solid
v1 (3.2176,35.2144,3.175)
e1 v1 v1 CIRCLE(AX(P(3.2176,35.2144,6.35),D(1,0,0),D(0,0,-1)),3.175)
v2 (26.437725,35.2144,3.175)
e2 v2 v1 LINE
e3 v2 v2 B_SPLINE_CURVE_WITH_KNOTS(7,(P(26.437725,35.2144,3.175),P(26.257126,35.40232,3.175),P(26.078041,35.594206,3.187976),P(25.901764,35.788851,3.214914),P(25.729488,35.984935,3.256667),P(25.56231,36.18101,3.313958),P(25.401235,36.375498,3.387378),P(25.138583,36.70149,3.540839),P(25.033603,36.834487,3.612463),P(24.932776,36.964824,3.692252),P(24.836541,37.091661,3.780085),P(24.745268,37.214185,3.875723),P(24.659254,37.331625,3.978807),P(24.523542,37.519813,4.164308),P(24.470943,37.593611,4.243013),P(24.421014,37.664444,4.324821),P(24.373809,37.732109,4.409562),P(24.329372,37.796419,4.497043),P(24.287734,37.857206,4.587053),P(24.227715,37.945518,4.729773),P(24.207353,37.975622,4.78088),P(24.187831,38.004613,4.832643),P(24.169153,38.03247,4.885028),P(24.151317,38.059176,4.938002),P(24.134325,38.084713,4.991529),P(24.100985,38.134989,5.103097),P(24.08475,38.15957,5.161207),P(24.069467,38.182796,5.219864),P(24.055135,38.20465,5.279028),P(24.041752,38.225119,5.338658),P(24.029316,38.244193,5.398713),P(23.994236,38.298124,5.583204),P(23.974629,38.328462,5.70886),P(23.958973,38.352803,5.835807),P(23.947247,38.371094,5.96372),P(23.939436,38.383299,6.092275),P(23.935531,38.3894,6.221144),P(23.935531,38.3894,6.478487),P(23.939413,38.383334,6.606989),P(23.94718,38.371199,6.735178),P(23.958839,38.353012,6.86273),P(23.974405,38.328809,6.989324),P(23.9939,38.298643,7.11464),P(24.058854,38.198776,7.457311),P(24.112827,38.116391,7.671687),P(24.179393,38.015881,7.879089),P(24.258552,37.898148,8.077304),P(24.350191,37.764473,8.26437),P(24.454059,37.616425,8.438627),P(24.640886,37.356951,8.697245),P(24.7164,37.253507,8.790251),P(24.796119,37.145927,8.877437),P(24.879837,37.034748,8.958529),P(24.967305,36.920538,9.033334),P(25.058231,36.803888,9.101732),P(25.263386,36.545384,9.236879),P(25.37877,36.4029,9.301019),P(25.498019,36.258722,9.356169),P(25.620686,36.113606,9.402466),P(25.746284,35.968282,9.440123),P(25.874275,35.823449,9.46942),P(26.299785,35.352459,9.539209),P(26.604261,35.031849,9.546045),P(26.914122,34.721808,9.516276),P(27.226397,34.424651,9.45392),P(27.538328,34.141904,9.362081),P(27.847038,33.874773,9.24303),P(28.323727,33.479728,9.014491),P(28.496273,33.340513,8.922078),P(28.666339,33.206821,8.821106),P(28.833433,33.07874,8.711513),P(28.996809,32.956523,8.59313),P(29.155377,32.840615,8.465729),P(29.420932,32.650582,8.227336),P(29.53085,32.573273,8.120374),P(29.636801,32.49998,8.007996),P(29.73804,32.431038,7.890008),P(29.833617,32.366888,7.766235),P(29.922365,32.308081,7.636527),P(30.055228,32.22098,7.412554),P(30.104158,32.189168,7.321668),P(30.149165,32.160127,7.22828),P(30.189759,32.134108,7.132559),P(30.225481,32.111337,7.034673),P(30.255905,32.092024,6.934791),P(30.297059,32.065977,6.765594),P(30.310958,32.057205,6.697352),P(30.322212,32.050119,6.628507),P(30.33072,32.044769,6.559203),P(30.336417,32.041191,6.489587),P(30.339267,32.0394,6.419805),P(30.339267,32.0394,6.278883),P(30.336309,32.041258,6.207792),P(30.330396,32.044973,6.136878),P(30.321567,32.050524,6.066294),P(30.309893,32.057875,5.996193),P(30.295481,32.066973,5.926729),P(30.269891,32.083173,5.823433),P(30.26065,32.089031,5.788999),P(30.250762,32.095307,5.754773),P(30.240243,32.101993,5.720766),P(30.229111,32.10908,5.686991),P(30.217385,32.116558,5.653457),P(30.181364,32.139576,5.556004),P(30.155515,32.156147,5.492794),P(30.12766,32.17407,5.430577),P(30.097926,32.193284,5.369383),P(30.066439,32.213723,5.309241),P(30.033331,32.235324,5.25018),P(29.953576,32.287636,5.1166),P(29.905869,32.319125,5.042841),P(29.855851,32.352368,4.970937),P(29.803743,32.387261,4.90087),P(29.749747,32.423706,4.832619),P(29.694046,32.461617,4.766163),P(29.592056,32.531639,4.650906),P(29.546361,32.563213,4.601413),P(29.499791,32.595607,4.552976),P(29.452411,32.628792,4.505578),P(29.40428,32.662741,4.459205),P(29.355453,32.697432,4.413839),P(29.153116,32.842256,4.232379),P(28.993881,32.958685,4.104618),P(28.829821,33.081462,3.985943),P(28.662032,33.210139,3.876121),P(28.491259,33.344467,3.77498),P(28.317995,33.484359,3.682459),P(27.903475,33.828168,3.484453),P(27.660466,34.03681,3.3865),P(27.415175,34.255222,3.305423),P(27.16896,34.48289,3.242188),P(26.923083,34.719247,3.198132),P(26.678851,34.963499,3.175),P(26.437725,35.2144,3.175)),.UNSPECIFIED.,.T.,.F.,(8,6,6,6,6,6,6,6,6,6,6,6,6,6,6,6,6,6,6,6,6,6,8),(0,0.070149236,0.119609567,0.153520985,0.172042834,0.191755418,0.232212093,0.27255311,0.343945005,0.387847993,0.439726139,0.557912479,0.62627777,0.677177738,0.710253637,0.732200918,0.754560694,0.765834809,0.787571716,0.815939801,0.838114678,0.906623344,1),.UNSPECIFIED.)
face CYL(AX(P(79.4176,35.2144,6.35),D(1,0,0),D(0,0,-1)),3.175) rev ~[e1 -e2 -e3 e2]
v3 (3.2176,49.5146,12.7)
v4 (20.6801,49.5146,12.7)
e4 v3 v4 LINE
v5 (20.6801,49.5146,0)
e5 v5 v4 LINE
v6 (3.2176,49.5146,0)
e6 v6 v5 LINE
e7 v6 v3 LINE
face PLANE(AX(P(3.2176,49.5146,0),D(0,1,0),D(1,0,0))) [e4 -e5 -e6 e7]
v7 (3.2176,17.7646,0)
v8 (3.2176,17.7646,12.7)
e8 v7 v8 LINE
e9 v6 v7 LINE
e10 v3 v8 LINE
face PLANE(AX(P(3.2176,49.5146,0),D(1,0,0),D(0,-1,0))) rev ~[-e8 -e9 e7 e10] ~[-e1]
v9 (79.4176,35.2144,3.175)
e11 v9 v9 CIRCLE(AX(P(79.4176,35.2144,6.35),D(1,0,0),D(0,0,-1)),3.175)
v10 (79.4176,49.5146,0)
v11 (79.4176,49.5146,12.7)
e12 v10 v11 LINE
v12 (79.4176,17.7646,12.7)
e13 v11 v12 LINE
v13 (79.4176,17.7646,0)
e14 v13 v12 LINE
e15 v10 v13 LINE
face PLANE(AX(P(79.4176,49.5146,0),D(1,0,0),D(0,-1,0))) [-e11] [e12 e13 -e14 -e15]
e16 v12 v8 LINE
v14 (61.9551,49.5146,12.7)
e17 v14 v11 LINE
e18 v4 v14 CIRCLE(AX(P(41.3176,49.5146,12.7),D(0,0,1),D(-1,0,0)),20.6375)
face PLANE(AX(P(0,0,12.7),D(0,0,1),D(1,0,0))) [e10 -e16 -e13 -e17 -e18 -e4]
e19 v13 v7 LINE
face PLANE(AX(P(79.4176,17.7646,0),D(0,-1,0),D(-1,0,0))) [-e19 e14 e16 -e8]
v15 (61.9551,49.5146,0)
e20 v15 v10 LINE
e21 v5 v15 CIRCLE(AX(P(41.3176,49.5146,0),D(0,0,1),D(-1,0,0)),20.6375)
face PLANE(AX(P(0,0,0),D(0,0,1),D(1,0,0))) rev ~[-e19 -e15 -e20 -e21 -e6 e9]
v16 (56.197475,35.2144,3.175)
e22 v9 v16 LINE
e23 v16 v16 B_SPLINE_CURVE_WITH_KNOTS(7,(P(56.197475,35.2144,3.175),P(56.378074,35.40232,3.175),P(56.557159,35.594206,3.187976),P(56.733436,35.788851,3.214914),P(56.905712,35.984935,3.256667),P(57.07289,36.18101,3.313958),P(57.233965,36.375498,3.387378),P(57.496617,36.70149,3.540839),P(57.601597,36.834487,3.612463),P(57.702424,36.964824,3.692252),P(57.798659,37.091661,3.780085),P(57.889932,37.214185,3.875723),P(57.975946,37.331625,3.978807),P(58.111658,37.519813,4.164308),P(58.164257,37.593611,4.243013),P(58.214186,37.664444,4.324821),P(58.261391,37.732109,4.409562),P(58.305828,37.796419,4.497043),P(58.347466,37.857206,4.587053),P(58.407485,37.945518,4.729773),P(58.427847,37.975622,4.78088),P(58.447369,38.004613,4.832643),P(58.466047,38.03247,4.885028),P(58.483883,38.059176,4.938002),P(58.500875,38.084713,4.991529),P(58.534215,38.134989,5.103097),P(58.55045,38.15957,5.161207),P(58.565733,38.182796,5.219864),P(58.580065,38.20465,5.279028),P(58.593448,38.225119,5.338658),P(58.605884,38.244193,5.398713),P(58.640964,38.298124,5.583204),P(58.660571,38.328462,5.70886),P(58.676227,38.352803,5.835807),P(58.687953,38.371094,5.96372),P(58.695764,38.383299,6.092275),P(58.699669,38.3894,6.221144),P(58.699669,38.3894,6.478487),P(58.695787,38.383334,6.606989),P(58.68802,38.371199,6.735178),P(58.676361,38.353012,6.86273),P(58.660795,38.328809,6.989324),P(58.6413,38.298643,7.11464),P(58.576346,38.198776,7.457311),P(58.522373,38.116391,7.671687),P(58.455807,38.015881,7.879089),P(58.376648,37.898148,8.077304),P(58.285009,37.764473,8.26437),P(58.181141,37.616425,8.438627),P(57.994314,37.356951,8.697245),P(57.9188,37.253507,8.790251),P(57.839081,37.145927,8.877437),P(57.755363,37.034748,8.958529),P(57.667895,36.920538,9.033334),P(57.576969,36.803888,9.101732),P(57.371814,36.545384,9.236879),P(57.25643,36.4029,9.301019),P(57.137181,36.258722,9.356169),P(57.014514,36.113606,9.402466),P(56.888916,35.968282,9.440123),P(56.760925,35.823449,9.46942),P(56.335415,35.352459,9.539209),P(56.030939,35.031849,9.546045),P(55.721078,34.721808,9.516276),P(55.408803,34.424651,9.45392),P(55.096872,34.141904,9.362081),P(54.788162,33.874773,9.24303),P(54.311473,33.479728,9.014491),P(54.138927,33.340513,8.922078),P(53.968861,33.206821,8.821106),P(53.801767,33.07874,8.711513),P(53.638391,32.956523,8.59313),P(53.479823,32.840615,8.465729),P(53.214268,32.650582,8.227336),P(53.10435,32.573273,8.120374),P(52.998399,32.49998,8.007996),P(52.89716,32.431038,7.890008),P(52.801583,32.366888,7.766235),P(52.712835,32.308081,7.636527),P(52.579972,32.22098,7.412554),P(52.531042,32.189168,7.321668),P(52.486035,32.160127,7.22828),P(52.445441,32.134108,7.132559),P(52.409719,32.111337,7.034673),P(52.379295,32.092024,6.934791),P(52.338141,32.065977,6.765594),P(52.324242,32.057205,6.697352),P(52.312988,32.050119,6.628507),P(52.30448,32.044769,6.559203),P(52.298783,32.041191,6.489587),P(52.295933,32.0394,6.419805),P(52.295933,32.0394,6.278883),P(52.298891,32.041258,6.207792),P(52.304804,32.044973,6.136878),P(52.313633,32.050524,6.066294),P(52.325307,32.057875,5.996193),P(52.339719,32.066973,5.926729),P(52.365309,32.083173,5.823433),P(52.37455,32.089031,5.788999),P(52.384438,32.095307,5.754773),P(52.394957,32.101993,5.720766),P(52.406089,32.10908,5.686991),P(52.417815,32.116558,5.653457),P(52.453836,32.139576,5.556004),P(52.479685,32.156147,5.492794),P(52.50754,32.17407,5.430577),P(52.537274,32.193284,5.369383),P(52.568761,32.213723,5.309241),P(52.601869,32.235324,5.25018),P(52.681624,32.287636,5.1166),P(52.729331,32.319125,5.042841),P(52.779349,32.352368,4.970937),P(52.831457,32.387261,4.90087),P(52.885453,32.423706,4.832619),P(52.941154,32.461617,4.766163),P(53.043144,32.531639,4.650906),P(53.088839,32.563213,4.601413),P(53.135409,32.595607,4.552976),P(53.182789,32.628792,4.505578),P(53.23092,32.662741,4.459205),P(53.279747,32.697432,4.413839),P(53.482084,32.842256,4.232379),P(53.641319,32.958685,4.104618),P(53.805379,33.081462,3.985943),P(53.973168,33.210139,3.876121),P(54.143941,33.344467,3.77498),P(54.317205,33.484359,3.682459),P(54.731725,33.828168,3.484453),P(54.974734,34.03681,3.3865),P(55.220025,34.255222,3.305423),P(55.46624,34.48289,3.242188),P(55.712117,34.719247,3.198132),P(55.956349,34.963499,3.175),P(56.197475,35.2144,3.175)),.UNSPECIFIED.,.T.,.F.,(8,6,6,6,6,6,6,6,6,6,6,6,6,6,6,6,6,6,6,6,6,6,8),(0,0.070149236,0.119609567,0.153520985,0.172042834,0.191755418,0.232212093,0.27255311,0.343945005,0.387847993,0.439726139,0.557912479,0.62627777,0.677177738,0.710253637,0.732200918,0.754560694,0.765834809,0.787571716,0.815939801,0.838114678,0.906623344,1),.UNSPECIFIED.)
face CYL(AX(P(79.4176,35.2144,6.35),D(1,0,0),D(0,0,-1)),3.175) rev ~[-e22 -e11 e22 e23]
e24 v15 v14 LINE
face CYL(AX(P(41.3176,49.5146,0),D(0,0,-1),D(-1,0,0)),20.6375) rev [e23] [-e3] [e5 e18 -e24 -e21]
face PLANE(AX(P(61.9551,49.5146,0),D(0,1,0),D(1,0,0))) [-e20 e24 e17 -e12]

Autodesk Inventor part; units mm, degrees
ref_plane "YZ Plane" through (0, 0, 0) normal (1, 0, 0) x (0, 1, 0)
ref_plane "XZ Plane" through (0, 0, 0) normal (0, 1, 0) x (-1, 0, 0)
ref_plane "XY Plane" through (0, 0, 0) normal (0, 0, 1) x (1, 0, 0)
sketch "Sketch1" plane through (0, 0, 0) normal (0, 0, 1) x (1, 0, 0)
  arc A0 (20.6801, 49.5146) -> (61.9551, 49.5146) centre (41.3176, 49.5146) ccw
  line L0 (3.2176, 49.5146) -> (79.4176, 49.5146)
  line L1 (3.2176, 49.5146) -> (3.2176, 17.7646)
  line L2 (79.4176, 49.5146) -> (79.4176, 17.7646)
  line L3 (79.4176, 17.7646) -> (3.2176, 17.7646)
  dimension "d21" = 31.75
  dimension "d22" = 31.75
extrude "Extrusion4" add sketch "Sketch1" along normal blind 12.7 contours A0 L0 L2 L3 L1
sketch "Sketch2" plane through (79.4176, 17.7646, 0) normal (1, 0, 0) x (0, 0, -1)
  line L0 (0, 31.75) -> (-12.7, 31.75) projected
  circle A0 centre (-6.35, 17.4498) radius 3.175
  point P0 (0, -17.7646)
  dimension "d26" = 6.35
extrude "Extrusion5" cut sketch "Sketch2" against normal blind 96.8375
properties part number "Frame Bottom"
